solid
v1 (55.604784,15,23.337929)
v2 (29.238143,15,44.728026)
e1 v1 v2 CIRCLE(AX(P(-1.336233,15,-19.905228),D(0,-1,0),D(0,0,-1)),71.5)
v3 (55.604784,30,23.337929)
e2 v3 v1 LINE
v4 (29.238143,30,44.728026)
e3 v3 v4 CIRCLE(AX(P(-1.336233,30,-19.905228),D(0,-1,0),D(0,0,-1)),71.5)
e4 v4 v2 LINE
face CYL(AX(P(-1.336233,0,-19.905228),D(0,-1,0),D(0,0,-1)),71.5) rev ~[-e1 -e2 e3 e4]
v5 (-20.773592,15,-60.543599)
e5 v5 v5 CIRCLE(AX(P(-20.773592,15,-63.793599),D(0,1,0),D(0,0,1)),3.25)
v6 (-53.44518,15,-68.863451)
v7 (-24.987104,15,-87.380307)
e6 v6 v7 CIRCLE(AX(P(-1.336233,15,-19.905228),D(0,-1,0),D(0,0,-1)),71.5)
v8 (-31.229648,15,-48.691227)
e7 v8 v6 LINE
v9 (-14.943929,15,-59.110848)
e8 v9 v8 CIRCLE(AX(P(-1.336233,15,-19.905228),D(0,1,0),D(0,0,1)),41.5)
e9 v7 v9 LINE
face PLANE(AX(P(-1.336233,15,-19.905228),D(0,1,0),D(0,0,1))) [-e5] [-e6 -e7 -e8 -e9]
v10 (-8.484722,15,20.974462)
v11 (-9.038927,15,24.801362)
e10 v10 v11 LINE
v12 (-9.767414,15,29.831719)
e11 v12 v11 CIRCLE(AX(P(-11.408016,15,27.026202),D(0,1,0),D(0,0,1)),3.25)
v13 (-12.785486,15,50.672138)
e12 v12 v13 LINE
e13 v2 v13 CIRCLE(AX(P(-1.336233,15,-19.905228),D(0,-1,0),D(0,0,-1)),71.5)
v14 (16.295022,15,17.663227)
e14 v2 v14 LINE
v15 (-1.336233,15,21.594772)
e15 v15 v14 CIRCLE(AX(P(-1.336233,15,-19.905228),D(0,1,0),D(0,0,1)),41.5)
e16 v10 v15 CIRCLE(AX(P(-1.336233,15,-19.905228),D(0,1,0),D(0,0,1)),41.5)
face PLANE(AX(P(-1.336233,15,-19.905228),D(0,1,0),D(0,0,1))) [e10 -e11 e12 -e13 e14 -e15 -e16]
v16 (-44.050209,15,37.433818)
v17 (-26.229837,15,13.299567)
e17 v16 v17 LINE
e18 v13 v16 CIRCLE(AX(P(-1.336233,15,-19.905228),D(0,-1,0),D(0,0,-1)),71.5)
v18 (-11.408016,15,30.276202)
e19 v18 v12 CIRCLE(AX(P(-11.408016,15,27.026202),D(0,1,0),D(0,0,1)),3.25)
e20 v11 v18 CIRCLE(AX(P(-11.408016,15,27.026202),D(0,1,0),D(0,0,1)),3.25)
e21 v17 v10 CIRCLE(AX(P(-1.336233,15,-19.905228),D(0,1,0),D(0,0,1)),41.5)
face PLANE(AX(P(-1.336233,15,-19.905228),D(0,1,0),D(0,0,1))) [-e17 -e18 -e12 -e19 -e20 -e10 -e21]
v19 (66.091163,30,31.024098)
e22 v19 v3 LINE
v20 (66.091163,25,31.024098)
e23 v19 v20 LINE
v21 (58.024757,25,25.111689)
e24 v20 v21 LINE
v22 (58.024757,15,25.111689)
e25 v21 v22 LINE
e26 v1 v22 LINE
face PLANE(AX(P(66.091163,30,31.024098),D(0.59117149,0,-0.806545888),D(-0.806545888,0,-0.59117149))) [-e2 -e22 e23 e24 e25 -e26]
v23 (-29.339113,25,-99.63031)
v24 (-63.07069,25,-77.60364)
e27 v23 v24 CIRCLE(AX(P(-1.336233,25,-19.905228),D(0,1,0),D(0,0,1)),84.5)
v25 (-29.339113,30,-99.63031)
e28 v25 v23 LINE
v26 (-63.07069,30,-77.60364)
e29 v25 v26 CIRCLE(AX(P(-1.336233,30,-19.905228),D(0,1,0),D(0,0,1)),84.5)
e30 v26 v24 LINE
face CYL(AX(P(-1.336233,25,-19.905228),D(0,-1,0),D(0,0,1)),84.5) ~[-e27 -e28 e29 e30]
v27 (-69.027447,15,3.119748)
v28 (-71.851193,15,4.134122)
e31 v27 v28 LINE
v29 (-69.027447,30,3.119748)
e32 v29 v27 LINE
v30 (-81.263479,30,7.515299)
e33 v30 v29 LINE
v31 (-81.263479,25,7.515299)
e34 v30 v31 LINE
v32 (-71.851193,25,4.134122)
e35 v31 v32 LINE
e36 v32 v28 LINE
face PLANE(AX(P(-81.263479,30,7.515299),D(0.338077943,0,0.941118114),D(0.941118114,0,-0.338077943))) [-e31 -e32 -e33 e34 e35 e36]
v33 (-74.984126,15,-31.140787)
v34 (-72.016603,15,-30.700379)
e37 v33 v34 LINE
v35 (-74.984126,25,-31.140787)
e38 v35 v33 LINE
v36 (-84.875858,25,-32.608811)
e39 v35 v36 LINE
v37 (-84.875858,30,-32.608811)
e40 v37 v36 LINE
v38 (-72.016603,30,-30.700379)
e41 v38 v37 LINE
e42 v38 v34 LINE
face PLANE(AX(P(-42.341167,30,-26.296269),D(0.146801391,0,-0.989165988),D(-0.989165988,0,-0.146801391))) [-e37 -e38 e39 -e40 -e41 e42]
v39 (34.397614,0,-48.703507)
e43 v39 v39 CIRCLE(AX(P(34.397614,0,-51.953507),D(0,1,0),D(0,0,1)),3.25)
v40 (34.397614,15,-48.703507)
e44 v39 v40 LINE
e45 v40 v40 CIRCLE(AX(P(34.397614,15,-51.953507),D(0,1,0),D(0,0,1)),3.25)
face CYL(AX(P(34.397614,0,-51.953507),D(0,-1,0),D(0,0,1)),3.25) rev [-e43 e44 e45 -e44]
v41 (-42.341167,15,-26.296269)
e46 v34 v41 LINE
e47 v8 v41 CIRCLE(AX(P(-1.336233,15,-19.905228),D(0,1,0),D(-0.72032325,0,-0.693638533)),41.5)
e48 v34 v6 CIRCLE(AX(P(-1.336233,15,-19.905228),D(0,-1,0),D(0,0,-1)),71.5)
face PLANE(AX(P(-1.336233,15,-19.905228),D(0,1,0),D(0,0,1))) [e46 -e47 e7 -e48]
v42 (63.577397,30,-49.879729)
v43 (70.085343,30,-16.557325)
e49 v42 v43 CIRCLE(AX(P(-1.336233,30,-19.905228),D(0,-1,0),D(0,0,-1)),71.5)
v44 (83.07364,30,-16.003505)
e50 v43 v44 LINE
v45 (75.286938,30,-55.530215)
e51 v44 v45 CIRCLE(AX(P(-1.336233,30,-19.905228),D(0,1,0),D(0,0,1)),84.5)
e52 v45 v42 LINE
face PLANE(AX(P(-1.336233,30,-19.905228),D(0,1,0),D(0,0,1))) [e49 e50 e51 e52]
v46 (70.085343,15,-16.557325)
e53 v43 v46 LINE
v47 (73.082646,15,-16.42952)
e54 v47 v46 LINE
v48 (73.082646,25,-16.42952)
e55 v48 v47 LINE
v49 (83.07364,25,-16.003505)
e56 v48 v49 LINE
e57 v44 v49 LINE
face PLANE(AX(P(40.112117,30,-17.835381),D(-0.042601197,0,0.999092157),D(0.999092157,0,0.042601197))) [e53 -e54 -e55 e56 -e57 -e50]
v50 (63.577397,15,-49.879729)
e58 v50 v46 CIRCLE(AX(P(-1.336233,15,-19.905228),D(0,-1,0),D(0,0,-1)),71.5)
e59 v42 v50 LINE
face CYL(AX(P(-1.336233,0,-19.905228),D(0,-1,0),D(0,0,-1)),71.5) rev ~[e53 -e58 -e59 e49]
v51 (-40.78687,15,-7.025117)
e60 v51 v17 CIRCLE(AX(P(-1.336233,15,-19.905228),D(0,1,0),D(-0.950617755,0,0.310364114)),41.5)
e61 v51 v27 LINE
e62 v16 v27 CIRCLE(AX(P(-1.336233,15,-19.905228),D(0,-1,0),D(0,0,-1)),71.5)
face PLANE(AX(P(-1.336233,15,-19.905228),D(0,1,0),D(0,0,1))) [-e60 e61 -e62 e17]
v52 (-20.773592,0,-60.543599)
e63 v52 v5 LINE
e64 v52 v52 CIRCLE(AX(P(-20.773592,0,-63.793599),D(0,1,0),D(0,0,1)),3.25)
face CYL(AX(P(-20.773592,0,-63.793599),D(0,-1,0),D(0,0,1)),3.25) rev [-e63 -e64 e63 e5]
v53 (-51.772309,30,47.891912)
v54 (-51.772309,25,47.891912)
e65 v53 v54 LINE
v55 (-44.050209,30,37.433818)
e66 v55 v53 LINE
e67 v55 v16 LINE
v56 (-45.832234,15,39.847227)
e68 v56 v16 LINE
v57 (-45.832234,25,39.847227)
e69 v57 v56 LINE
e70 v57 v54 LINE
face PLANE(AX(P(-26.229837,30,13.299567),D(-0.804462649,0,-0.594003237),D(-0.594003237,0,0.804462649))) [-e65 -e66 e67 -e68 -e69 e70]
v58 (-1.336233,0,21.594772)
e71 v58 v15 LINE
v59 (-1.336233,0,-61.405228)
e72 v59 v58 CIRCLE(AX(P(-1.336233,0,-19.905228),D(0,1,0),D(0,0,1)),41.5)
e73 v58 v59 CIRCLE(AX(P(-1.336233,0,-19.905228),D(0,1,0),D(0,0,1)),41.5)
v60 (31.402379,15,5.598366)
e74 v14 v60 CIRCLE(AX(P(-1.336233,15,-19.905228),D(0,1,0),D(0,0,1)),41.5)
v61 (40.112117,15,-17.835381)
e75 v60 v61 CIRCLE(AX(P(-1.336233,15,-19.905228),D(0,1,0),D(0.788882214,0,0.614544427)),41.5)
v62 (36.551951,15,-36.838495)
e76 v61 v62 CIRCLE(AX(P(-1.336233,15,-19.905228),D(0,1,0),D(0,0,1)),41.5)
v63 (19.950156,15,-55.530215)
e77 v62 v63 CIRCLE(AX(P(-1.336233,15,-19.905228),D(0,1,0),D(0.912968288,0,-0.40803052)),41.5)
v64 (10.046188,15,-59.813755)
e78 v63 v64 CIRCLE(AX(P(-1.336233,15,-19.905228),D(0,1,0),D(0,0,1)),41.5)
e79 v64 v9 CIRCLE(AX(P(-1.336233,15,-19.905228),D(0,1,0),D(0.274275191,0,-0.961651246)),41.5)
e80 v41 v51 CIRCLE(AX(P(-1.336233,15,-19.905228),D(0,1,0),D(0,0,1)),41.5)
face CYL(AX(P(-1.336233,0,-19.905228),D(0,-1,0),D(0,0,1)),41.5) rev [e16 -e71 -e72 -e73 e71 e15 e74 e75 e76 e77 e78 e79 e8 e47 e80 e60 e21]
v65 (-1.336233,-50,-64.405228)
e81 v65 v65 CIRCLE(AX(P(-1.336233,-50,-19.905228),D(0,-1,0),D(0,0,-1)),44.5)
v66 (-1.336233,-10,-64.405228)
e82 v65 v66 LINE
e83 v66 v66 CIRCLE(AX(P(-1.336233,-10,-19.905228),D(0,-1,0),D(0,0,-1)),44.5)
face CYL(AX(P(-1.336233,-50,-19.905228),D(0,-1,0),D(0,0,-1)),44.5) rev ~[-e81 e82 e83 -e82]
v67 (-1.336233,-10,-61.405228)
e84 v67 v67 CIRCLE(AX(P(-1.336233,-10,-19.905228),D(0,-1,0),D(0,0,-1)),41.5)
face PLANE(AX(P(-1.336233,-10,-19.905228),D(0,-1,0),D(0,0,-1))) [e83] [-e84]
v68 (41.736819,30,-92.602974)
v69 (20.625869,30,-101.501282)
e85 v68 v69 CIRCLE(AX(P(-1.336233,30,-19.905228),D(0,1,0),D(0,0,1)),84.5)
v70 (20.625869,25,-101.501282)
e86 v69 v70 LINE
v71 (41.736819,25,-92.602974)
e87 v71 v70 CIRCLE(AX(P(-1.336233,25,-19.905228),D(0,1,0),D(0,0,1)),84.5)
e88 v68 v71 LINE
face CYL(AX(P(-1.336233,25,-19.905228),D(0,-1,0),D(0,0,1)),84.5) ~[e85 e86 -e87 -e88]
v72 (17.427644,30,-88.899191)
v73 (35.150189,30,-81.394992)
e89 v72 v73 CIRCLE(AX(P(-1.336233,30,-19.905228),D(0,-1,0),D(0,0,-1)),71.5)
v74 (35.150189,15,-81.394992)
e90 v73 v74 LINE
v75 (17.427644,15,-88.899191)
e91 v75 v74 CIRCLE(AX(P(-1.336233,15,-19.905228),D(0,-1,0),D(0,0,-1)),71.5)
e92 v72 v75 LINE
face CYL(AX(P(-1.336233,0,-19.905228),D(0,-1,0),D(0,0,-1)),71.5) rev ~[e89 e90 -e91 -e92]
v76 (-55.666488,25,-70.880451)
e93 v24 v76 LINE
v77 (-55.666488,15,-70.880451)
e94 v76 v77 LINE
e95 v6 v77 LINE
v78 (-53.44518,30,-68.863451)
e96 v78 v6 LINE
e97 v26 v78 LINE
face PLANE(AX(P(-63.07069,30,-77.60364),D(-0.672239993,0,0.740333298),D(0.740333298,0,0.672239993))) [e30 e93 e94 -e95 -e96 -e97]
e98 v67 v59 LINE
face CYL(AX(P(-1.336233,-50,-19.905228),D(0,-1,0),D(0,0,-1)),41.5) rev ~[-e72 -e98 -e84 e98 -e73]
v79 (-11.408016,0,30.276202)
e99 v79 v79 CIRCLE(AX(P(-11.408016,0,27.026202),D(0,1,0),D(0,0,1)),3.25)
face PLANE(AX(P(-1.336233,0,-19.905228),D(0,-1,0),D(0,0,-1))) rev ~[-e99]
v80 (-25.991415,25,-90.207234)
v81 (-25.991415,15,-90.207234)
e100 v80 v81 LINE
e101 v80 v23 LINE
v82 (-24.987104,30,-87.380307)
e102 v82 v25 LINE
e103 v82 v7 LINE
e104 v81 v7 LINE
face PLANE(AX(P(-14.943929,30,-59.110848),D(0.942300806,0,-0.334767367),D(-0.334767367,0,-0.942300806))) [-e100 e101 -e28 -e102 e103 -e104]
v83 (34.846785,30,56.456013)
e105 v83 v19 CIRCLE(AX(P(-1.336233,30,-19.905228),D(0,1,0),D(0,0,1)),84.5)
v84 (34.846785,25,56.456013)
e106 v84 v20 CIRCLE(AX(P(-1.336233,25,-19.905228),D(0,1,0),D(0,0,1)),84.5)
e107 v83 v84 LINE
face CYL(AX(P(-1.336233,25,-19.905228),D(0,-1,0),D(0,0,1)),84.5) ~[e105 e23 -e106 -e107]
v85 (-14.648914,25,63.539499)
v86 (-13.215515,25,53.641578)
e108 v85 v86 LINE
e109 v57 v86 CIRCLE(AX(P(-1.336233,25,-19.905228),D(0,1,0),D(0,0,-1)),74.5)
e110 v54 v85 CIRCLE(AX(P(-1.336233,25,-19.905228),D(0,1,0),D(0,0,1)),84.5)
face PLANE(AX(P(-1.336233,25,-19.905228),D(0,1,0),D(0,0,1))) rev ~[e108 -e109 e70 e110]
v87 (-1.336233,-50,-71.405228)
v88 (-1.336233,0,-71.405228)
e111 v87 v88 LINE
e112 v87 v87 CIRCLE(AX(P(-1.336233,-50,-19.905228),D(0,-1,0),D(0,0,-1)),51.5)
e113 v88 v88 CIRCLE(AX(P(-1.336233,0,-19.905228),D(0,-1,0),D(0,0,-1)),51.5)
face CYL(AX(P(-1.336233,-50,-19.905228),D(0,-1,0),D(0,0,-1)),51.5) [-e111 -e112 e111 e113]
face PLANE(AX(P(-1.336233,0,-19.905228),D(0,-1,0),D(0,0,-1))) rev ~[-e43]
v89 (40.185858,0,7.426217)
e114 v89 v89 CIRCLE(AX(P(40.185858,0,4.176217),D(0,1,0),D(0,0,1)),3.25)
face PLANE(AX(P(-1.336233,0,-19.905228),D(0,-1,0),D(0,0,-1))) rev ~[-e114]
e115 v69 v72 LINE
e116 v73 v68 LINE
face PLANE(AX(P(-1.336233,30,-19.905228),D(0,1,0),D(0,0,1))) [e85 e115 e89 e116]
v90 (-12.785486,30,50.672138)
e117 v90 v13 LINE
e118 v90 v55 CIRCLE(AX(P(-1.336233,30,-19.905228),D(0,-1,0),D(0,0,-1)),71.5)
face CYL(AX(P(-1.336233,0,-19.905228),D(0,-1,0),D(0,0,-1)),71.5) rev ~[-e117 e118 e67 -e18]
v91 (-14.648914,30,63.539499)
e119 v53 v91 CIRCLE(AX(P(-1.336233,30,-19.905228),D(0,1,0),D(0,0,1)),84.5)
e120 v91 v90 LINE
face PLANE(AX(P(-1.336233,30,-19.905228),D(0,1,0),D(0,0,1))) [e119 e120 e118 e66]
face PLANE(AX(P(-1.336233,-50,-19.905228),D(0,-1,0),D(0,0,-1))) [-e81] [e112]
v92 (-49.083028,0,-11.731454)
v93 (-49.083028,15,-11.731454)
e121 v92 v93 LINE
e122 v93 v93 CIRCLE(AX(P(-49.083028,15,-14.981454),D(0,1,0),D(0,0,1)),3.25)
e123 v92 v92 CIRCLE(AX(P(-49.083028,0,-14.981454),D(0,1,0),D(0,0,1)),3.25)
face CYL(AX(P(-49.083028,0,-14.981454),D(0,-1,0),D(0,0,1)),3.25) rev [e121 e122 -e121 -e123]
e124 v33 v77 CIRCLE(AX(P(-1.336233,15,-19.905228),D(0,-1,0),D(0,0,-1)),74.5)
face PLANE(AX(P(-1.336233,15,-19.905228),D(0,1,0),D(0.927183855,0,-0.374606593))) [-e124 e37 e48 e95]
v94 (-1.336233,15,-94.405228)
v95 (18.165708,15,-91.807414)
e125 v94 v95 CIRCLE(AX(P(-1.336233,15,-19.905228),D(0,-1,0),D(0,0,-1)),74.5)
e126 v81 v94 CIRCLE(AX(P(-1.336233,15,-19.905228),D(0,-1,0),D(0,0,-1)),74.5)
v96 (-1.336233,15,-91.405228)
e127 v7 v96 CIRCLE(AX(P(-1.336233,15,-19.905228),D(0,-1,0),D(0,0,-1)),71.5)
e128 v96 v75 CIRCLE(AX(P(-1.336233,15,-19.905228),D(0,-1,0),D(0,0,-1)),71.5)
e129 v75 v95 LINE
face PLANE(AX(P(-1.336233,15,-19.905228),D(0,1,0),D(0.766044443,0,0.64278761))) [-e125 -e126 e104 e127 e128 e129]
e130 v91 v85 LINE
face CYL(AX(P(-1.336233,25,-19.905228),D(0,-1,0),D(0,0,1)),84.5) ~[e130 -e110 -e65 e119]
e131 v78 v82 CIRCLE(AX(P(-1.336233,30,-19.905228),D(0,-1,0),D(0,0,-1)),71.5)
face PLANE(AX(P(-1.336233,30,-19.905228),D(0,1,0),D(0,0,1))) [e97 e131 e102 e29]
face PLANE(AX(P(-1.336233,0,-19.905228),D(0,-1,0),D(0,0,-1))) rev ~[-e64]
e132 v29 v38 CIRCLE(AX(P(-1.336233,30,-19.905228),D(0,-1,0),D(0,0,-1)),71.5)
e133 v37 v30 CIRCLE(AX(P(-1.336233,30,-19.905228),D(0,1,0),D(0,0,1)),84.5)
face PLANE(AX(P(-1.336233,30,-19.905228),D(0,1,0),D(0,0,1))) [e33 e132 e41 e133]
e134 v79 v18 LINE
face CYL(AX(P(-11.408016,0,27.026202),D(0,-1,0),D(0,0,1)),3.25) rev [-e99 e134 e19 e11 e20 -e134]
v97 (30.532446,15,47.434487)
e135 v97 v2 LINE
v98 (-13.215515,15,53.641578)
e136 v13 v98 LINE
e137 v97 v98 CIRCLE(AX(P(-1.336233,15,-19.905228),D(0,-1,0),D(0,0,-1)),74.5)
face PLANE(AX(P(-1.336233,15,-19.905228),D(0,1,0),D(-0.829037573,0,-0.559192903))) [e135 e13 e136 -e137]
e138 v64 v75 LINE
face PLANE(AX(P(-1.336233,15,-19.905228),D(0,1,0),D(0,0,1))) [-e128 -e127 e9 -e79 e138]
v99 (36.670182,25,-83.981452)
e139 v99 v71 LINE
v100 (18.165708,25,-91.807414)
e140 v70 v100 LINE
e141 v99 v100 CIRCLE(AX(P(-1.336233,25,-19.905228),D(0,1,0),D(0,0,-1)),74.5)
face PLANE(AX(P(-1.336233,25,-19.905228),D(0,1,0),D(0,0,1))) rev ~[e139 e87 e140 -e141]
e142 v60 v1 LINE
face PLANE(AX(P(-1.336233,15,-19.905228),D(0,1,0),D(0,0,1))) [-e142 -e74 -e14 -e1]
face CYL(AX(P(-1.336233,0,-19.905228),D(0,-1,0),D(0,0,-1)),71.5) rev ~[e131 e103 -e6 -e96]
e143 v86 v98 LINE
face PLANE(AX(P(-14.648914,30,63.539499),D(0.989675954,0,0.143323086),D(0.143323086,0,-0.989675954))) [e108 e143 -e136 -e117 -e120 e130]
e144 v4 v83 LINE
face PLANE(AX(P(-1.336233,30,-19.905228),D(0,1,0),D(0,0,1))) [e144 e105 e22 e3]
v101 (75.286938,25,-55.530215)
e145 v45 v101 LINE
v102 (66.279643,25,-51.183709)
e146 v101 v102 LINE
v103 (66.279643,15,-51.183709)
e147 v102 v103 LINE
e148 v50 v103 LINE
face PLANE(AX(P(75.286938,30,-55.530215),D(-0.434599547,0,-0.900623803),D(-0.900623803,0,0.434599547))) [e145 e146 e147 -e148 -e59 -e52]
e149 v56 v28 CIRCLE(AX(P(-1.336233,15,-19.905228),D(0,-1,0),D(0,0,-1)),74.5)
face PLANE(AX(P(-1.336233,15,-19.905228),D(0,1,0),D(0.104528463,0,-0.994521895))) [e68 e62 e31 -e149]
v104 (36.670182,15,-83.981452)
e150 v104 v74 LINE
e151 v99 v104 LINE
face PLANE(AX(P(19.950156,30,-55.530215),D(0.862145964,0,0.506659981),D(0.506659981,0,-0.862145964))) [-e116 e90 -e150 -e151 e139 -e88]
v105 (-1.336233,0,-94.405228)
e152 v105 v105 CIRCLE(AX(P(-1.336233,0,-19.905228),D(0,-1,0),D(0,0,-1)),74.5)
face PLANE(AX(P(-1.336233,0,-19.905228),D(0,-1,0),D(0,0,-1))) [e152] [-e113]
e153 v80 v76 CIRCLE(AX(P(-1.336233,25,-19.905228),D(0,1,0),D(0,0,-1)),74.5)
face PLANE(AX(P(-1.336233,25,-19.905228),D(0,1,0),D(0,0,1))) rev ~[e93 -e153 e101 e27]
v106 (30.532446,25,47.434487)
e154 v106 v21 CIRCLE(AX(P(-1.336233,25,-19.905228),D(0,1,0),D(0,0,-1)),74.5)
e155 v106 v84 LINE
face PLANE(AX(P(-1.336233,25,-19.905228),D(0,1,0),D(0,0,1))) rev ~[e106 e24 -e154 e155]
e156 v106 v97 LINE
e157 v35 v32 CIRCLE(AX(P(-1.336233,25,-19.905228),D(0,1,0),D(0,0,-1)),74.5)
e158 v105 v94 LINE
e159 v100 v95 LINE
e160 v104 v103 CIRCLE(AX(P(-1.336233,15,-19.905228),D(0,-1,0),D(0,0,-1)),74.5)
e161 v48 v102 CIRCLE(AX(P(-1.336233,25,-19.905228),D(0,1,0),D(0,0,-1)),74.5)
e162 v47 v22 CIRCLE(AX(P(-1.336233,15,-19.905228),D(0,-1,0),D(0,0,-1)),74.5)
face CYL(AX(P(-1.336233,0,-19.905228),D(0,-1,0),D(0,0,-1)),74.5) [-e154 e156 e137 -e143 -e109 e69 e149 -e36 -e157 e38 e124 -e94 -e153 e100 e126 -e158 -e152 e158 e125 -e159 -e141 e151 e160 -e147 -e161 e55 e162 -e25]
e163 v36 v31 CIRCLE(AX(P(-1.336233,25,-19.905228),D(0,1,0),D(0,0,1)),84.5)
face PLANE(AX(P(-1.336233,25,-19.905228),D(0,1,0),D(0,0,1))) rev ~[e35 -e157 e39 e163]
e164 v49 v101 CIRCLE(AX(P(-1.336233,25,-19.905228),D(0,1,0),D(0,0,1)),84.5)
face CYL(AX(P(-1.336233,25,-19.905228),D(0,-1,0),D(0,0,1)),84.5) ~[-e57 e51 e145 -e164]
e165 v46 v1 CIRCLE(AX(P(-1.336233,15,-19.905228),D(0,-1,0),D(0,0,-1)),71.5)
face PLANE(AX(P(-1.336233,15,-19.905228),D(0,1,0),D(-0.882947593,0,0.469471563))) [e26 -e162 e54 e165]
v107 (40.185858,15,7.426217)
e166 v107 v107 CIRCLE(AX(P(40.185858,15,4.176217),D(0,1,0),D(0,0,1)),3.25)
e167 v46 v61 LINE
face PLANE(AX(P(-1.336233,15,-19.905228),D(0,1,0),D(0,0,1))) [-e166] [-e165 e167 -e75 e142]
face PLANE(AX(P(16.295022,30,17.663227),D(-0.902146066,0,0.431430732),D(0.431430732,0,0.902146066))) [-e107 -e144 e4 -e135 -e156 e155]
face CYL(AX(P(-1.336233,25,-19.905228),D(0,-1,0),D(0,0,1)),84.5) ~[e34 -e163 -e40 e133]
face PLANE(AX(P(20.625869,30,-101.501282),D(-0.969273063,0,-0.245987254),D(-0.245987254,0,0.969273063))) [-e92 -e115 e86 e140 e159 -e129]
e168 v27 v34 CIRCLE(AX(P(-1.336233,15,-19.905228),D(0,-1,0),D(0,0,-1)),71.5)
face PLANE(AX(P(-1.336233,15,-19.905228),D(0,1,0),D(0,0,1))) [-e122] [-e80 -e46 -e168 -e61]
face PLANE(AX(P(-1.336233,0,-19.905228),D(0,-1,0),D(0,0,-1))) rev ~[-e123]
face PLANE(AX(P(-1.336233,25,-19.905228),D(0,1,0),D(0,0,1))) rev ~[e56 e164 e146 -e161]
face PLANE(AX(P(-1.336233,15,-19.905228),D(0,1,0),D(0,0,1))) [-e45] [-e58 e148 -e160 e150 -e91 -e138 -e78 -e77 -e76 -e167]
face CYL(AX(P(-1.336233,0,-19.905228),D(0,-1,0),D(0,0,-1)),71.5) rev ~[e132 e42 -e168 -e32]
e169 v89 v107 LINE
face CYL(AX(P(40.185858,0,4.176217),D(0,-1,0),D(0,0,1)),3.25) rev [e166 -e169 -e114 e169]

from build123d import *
from build123d.topology import SkipClean

# Parameters (mm, degrees)
SKETCH1_R           = 71.5
SKETCH1_R_2         = 41.5
SKETCH1_R_3         = 3.25
BOSS_EXTRUDE1_DEPTH = 15
SKETCH3_R           = 74.5
SKETCH3_R_2         = 71.5
BOSS_EXTRUDE2_DEPTH = 30
BOSS_EXTRUDE3_START = -5
SKETCH4_R           = 84.5
SKETCH4_R_2         = 74.5
BOSS_EXTRUDE3_DEPTH = 5
BOSS_EXTRUDE4_START = 50
SKETCH5_R           = 51.5
SKETCH5_R_2         = 41.5
BOSS_EXTRUDE4_DEPTH = 50
SKETCH6_R           = 44.5
SKETCH6_R_2         = 41.5
CUT_EXTRUDE1_DEPTH  = 40
CUT_EXTRUDE3_REACH  = 159.061
CIRPATTERN1_COUNT   = 6
CIRPATTERN1_ANGLE   = 310


with BuildPart() as part:
    # Sketch1 → Boss-Extrude1 (new body)
    with BuildSketch(Plane(origin=(0, 0, 0), x_dir=(1, 0, 0), z_dir=(0, 1, 0))):
        with Locations(Location((-1.336232833, 19.905228099, 0), (0, 0, 270))):
            Circle(SKETCH1_R)
        with Locations(Location((-1.336232833, 19.905228099, 0), (0, 0, 270))):
            Circle(SKETCH1_R_2, mode=Mode.SUBTRACT)
        with Locations(Location((40.185857772, -4.176216869, 0), (0, 0, 270))):
            Circle(SKETCH1_R_3, mode=Mode.SUBTRACT)
        with Locations(Location((34.397613964, 51.953507196, 0), (0, 0, 270))):
            Circle(SKETCH1_R_3, mode=Mode.SUBTRACT)
        with Locations(Location((-20.773591569, 63.793598829, 0), (0, 0, 270))):
            Circle(SKETCH1_R_3, mode=Mode.SUBTRACT)
        with Locations(Location((-49.083027981, 14.981453825, 0), (0, 0, 270))):
            Circle(SKETCH1_R_3, mode=Mode.SUBTRACT)
        with Locations(Location((-11.408016353, -27.026202486, 0), (0, 0, 270))):
            Circle(SKETCH1_R_3, mode=Mode.SUBTRACT)
    extrude(amount=BOSS_EXTRUDE1_DEPTH)

    # Sketch3 → Boss-Extrude2 (add)
    with BuildSketch(Plane.XZ):
        with Locations(Location((-1.336232833, -19.905228099, 0), (0, 0, 270))):
            Circle(SKETCH3_R)
        with Locations(Location((-1.336232833, -19.905228099, 0), (0, 0, 270))):
            Circle(SKETCH3_R_2, mode=Mode.SUBTRACT)
    extrude(amount=-BOSS_EXTRUDE2_DEPTH)

    # Sketch4 → Boss-Extrude3 (add)
    with BuildSketch(Plane(origin=(0, 30, 0), x_dir=(1, 0, 0), z_dir=(0, 1, 0)).offset(BOSS_EXTRUDE3_START)):
        with Locations(Location((-1.336232833, 19.905228099, 0), (0, 0, 270))):
            Circle(SKETCH4_R)
        with Locations(Location((-1.336232833, 19.905228099, 0), (0, 0, 90))):
            Circle(SKETCH4_R_2, mode=Mode.SUBTRACT)
    extrude(amount=BOSS_EXTRUDE3_DEPTH)

    # Sketch5 → Boss-Extrude4 (add)
    with SkipClean():  # the faces are left unmerged after this step: merging them gives an invalid solid
        with BuildSketch(Plane.XZ.offset(BOSS_EXTRUDE4_START)):
            with Locations(Location((-1.336232833, -19.905228099, 0), (0, 0, 270))):
                Circle(SKETCH5_R)
            with Locations(Location((-1.336232833, -19.905228099, 0), (0, 0, 270))):
                Circle(SKETCH5_R_2, mode=Mode.SUBTRACT)
        extrude(amount=-BOSS_EXTRUDE4_DEPTH)

    # Sketch6 → Cut-Extrude1 (cut)
    with SkipClean():  # the faces are left unmerged after this step: merging them gives an invalid solid
        with BuildSketch(Plane.XZ.offset(50)):
            with Locations(Location((-1.336232833, -19.905228099, 0), (0, 0, 270))):
                Circle(SKETCH6_R)
            with Locations(Location((-1.336232833, -19.905228099, 0), (0, 0, 270))):
                Circle(SKETCH6_R_2, mode=Mode.SUBTRACT)
        extrude(amount=-CUT_EXTRUDE1_DEPTH, mode=Mode.SUBTRACT)

    # Cut-Extrude3: up to this face of the body (flat: up to its plane)
    cut_extrude3_end = Plane(part.part.faces().sort_by_distance((-1.336232833, 15, 49.572446507))[0])
    # Sketch7 → Cut-Extrude3 (cut, up to the picked face)
    with BuildSketch(Plane(origin=(0, 30, 0), x_dir=(1, 0, 0), z_dir=(0, 1, 0)), mode=Mode.PRIVATE) as cut_extrude3_sk1:
        with BuildLine():
            Line((19.950155792, 55.530214545), (41.736818688, 92.602973818))
            ThreePointArc((41.736818688, 92.602973818), (61.316730337, 76.60493009), (75.28693821, 55.530214545))
            Line((75.28693821, 55.530214545), (36.551951119, 36.83849467))
            ThreePointArc((36.551951119, 36.83849467), (29.69202216, 47.464208343), (19.950155792, 55.530214545))
        make_face()
    cut_extrude3_tool1 = split(extrude(cut_extrude3_sk1.sketch, amount=-CUT_EXTRUDE3_REACH, mode=Mode.PRIVATE), bisect_by=cut_extrude3_end, keep=Keep.BOTH, mode=Mode.PRIVATE)
    cut_extrude3 = cut_extrude3_tool1.solids().sort_by(Axis((46.525218, 30, -62.990875), (0, -1, 0)))[0]
    add(cut_extrude3, mode=Mode.SUBTRACT)

    # CirPattern1: Cut-Extrude3 ×6 about axis
    with SkipClean():  # the faces are left unmerged after this step: merging them gives an invalid solid
        cirpattern1_axis = Axis((-1.336232833, 0, -19.905228099), (0, -1, 0))
        for i in range(1, CIRPATTERN1_COUNT):
            add(cut_extrude3.rotate(cirpattern1_axis, i * CIRPATTERN1_ANGLE / (CIRPATTERN1_COUNT - 1)), mode=Mode.SUBTRACT)


solid = part.part
